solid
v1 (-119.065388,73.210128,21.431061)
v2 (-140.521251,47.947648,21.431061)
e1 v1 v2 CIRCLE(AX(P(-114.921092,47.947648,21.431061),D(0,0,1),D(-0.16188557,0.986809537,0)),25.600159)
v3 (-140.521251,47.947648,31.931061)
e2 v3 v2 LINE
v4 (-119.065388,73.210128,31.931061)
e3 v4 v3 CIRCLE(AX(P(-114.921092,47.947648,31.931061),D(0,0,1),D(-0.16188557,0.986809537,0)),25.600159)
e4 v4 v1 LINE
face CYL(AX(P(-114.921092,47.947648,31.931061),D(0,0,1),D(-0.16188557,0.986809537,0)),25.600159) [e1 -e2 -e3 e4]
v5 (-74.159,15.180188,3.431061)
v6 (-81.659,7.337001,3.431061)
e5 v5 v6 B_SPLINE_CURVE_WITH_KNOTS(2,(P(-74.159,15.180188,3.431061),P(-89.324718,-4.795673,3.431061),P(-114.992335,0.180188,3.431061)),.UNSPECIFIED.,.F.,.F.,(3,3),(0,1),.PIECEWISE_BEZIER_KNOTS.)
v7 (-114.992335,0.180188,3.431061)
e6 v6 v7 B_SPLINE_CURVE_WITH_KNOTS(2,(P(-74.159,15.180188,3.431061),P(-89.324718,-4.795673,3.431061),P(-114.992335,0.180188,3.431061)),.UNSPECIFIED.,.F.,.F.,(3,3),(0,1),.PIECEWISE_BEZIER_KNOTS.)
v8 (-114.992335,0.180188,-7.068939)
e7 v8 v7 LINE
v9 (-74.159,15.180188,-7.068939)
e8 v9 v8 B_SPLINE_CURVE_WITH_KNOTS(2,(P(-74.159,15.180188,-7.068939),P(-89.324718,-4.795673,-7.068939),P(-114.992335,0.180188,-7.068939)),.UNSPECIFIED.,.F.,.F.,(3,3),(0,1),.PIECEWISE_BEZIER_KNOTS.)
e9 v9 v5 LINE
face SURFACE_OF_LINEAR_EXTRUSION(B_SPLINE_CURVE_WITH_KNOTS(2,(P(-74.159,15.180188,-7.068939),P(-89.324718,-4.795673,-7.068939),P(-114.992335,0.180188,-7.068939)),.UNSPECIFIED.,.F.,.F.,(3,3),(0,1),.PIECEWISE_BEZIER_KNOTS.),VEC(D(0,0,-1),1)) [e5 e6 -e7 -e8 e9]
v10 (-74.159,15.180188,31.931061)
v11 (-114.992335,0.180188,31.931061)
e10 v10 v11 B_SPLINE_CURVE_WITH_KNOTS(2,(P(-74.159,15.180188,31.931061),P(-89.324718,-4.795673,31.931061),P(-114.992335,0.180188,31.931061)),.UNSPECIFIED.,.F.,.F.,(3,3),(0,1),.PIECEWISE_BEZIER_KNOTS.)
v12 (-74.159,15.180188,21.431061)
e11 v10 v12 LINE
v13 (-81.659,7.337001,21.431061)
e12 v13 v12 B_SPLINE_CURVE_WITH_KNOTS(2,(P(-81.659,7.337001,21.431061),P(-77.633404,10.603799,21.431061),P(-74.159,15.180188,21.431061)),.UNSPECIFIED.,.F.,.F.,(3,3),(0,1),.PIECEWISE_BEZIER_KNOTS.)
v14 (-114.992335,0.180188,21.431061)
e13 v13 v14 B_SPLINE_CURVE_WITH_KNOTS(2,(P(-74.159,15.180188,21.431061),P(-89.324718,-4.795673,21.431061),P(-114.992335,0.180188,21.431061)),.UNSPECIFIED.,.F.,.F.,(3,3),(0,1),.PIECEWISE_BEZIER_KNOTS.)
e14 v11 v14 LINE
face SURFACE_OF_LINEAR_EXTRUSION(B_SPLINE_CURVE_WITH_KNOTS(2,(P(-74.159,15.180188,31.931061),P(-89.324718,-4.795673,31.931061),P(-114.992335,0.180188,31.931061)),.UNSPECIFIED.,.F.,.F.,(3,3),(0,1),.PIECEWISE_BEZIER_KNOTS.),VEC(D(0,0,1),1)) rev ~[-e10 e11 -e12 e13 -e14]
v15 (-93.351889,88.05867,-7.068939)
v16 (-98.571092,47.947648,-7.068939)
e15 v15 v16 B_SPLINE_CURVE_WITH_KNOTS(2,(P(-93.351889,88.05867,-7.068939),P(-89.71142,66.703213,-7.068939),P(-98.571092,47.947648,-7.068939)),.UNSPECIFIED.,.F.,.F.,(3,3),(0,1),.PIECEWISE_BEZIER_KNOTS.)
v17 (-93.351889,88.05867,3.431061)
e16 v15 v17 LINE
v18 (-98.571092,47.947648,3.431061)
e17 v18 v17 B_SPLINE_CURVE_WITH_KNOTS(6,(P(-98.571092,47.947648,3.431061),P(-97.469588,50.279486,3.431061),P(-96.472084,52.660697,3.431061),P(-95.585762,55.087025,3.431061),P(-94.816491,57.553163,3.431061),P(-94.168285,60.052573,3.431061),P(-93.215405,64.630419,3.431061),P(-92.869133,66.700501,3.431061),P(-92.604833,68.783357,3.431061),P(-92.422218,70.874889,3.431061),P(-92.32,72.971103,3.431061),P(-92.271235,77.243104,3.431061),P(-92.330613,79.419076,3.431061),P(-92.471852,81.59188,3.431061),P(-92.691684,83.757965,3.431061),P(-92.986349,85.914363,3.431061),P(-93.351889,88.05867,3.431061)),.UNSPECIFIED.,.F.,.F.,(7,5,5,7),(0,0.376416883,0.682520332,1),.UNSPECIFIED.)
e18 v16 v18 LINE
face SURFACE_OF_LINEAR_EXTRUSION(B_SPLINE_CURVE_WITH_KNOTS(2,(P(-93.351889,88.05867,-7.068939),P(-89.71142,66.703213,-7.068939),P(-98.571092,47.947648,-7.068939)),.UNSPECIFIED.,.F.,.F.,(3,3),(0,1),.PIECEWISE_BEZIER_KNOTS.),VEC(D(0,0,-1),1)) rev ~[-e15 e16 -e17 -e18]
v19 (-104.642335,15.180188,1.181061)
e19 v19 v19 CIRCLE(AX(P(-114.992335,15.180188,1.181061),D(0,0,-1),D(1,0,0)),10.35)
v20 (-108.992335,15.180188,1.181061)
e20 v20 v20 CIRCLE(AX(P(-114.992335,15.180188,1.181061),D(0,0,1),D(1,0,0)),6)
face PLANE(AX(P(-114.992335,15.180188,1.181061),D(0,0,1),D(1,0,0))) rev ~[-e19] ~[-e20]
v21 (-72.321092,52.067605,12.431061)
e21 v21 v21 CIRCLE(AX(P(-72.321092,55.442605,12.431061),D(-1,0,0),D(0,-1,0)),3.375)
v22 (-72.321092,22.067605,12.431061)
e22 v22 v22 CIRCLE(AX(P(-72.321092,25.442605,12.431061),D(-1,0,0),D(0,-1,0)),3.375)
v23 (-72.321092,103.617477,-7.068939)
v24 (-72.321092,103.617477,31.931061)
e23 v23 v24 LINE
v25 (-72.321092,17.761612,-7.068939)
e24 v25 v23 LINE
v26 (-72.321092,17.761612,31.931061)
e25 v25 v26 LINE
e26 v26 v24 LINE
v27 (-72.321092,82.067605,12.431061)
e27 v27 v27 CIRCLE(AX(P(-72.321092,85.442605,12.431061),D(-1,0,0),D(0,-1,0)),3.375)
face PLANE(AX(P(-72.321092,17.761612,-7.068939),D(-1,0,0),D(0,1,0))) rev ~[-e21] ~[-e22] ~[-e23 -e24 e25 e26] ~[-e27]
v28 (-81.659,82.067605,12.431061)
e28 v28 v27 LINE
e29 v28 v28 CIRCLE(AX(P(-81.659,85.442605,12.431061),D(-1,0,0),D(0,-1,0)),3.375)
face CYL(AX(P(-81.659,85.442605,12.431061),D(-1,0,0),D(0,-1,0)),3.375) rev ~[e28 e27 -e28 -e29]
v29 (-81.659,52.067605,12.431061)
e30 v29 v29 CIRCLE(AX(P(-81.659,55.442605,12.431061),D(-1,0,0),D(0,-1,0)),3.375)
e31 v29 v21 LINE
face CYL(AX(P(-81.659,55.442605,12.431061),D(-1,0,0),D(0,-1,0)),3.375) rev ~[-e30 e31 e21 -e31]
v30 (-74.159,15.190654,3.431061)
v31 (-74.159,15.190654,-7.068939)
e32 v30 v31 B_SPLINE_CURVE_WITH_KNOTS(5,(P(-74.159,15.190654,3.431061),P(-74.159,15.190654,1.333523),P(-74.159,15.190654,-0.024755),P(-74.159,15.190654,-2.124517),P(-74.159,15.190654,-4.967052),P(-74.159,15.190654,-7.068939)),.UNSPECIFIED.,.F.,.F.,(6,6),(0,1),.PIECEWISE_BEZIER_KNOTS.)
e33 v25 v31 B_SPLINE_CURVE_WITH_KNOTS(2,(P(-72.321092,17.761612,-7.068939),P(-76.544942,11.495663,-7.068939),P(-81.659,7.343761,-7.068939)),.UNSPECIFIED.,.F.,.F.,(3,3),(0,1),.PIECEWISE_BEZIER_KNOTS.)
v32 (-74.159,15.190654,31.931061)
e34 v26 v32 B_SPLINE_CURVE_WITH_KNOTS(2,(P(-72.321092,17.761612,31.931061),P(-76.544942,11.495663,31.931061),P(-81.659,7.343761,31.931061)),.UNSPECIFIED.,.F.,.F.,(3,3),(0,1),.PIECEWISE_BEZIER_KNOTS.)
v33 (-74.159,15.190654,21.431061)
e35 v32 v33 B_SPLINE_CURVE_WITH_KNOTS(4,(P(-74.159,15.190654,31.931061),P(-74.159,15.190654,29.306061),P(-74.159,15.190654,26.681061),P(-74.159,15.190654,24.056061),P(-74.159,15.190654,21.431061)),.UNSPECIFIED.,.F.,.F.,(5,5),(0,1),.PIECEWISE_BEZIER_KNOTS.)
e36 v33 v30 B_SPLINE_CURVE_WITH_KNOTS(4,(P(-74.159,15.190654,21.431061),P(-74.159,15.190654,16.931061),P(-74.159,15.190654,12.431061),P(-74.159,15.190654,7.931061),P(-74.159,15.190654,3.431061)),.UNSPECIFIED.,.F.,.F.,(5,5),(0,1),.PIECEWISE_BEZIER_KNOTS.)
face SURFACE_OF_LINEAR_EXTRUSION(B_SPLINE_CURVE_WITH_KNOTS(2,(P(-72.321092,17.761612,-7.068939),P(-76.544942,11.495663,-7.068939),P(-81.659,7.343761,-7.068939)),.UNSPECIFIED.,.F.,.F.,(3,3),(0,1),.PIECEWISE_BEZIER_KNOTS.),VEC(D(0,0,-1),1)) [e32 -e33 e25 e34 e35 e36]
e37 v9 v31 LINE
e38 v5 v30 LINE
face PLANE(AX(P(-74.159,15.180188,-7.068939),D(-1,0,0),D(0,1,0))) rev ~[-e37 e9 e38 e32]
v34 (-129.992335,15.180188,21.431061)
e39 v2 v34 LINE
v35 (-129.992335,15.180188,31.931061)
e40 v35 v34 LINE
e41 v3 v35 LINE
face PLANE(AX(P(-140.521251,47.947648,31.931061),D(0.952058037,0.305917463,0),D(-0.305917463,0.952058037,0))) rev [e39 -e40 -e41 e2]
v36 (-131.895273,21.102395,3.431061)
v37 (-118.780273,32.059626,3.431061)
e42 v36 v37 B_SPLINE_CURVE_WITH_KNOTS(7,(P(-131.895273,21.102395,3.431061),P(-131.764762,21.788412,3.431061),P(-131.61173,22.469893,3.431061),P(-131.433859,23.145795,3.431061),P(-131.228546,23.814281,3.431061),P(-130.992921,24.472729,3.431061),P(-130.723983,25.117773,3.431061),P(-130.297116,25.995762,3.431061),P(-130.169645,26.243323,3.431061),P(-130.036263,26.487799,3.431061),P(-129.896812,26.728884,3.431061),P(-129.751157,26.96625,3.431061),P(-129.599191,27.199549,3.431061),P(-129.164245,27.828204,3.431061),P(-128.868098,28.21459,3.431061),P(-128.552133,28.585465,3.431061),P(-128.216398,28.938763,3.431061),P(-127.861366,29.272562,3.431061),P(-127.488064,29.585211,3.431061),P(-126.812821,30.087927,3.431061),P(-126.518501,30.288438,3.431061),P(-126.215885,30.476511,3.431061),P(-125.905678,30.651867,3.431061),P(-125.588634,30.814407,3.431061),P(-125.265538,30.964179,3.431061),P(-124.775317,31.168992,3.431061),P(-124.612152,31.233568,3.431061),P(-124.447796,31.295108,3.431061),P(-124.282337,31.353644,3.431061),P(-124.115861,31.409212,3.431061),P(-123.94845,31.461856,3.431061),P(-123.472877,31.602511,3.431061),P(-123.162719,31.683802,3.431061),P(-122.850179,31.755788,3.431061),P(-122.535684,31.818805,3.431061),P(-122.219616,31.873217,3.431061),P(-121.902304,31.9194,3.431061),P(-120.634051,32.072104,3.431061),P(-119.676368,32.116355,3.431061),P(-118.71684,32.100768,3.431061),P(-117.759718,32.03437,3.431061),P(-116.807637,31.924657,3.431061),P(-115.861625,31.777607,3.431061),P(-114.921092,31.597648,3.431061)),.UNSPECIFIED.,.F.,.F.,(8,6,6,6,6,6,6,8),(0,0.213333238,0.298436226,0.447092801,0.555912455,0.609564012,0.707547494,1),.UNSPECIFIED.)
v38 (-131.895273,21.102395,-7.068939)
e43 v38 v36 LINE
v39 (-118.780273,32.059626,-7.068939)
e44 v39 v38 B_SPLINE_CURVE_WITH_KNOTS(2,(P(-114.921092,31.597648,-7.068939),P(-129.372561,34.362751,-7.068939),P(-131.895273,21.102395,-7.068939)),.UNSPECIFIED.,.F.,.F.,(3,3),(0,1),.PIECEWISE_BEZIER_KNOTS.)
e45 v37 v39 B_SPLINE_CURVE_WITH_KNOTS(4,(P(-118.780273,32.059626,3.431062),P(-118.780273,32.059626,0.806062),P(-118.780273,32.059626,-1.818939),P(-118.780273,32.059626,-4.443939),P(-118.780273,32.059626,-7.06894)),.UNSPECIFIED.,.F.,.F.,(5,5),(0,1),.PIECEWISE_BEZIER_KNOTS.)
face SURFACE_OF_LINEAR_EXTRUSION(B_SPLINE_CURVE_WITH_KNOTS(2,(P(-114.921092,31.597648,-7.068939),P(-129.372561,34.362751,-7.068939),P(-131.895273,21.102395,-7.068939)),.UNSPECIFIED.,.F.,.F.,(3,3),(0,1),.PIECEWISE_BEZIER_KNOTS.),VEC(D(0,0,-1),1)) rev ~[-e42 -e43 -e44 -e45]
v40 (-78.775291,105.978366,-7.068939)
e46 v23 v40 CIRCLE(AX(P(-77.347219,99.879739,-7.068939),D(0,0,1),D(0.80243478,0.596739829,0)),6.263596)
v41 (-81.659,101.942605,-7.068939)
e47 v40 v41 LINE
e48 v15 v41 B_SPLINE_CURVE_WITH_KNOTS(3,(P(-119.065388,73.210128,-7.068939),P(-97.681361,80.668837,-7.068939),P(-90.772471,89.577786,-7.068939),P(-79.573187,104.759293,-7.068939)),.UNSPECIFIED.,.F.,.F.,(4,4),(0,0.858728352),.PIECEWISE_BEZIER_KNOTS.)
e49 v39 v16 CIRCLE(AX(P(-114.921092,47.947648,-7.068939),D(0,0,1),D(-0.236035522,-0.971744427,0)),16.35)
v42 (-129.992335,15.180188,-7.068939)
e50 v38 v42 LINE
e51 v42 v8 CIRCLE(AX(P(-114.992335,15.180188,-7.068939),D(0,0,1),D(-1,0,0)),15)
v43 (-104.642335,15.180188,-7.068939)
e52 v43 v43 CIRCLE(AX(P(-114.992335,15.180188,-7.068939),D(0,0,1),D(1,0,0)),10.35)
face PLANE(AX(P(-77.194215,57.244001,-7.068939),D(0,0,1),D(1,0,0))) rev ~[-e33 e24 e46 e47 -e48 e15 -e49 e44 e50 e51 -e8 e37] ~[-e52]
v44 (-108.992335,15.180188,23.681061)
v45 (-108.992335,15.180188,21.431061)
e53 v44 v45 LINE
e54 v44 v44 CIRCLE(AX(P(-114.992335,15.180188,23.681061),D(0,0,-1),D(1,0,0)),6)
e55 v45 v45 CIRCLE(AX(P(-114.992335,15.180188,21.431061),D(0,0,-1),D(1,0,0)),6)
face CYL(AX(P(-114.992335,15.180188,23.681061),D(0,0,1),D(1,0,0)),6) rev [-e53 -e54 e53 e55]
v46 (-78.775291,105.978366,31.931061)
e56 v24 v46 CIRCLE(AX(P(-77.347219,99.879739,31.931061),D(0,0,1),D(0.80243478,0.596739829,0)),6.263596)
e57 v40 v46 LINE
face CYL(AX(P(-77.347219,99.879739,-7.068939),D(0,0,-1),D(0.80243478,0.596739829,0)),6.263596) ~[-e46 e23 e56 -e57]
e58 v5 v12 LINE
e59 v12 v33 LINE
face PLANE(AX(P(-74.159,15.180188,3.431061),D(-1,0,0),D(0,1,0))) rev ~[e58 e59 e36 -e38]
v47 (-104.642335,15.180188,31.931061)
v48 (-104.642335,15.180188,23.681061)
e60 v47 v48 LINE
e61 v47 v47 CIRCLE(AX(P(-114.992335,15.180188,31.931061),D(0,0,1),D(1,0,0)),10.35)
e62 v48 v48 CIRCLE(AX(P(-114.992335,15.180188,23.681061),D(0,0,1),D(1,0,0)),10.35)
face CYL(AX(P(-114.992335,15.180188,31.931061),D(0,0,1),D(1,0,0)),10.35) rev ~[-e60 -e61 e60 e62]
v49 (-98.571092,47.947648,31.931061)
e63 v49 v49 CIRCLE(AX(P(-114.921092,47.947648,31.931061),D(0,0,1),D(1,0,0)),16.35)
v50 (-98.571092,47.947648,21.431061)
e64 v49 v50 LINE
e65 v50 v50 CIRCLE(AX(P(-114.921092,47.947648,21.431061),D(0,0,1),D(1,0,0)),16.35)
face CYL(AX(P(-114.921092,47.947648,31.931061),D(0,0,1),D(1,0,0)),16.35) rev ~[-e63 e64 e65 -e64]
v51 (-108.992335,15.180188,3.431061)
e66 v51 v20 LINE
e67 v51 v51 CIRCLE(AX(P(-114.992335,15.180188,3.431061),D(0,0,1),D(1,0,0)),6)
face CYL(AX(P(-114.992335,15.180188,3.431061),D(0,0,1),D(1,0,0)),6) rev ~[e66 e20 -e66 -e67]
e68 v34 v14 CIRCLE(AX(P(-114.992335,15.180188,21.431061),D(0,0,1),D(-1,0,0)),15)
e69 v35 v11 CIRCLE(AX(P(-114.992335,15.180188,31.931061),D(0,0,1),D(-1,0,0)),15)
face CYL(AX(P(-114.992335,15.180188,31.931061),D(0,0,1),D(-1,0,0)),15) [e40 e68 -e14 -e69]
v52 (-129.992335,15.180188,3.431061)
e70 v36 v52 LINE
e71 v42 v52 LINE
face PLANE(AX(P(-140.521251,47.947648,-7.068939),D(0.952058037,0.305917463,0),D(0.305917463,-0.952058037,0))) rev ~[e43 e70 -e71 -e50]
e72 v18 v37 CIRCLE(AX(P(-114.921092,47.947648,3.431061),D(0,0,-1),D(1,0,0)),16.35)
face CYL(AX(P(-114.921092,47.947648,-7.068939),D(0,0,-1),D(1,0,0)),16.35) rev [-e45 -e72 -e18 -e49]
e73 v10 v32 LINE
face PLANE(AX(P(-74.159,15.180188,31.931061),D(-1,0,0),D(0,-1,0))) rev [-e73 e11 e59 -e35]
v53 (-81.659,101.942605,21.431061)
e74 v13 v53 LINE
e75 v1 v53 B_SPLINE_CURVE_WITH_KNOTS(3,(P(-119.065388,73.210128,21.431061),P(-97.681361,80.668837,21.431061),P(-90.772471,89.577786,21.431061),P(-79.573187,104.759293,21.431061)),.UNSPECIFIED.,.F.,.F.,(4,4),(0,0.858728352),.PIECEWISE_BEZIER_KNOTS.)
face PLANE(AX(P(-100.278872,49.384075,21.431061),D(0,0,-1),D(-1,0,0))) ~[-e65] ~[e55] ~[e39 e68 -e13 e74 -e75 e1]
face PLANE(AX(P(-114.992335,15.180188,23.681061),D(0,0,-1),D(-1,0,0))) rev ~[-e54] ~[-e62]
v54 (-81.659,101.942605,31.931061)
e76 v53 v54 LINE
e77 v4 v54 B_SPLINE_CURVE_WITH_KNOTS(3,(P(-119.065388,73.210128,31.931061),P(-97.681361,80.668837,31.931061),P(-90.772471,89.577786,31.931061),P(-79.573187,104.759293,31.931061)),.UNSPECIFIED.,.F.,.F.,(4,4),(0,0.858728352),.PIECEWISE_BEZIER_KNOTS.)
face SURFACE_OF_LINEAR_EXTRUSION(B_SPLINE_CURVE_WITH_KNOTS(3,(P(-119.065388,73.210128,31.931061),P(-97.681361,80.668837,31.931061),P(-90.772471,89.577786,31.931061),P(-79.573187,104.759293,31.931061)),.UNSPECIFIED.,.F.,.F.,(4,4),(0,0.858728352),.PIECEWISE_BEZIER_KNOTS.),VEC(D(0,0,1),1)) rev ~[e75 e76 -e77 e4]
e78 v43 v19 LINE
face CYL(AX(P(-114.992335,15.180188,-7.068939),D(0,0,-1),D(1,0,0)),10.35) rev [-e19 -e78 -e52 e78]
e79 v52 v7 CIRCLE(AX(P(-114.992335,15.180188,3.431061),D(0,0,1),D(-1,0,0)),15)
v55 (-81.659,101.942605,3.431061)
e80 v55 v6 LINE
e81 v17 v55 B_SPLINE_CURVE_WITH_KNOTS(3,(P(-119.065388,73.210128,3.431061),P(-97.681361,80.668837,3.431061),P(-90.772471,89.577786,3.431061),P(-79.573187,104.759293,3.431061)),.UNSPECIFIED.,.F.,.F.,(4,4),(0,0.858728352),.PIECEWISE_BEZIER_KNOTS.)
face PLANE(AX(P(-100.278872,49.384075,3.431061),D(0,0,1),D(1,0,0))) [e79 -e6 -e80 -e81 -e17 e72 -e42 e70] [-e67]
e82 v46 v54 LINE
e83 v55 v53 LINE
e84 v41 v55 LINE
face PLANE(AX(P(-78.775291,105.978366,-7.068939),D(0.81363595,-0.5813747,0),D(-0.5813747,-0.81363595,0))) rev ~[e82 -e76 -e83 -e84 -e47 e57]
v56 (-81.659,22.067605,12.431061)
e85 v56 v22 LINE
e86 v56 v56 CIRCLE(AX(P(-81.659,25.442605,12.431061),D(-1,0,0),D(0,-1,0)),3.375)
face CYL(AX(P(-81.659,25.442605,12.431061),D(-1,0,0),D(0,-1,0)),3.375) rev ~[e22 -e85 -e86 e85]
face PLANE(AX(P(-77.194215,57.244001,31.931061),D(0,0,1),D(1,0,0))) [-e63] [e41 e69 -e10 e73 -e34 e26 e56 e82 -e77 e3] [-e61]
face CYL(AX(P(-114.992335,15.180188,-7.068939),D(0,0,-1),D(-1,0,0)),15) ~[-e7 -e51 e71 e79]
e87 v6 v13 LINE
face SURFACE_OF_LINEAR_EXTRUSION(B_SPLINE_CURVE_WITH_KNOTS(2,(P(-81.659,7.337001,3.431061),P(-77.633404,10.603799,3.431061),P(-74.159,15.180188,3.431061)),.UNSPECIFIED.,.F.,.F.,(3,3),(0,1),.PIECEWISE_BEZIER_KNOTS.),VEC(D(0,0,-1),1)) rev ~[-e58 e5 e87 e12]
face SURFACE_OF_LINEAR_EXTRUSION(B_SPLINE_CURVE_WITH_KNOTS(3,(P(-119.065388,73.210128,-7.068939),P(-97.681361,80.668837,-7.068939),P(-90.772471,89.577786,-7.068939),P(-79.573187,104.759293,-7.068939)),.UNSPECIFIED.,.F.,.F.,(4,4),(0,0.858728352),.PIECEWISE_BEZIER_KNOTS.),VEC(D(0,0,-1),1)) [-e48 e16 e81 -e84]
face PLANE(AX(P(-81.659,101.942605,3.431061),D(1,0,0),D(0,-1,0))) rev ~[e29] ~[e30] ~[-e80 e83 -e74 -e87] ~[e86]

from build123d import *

# Parameters (mm, degrees)
SKETCH1_R           = 6.9
SKETCH1_R_2         = 10.9
BOSS_EXTRUDE1_DEPTH = 7
BOSS_EXTRUDE2_DEPTH = 12
CUT_EXTRUDE1_DEPTH  = 13
BOSS_EXTRUDE3_DEPTH = 26
SKETCH5_R           = 7.973914392
SKETCH5_R_2         = 4
BOSS_EXTRUDE4_DEPTH = 1.5
BOSS_EXTRUDE5_START = -1.5
SKETCH6_R           = 8.491099949
SKETCH6_R_2         = 4
BOSS_EXTRUDE5_DEPTH = 1.5
SKETCH7_R           = 2.25
CUT_EXTRUDE2_DEPTH  = 99.438905233
SCALE1_SCALE        = 1.5


with BuildPart() as part:
    # Sketch1 → Boss-Extrude1 (new body)
    with BuildSketch(Plane.XY):
        with BuildLine():
            ThreePointArc((-109.99286225, 64.498694041), (-120.238224228, 58.705152002), (-124.296770504, 47.657040238))
            Line((-124.296770504, 47.657040238), (-117.277493754, 25.812066819))
            ThreePointArc((-117.277493754, 25.812066819), (-114.348561566, 18.740999007), (-107.277493754, 15.812066819))
            add(Edge.make_bspline(
                [(-80.055270229, 25.812066819), (-90.16574855, 12.494826539), (-107.277493754, 15.812066819)],
                knots=[0, 0, 0, 1, 1, 1], degree=2))
            Line((-80.055270229, 25.812066819), (-80.055270229, 84.34418562))
            ThreePointArc((-80.055270229, 84.34418562), (-81.43033647, 86.24404293), (-83.664728026, 85.531470589))
            add(Edge.make_bspline(
                [(-109.99286225, 64.498694041), (-95.736844246, 69.471166394), (-91.130917767, 75.410465429), (-83.664728026, 85.531470589)],
                knots=[0, 0, 0, 0, 0.858728352, 0.858728352, 0.858728352, 0.858728352], degree=3))
        make_face()
        with Locations((-107.277493754, 25.812066819)):
            Circle(SKETCH1_R, mode=Mode.SUBTRACT)
        with Locations((-107.22999807, 47.657040238)):
            Circle(SKETCH1_R_2, mode=Mode.SUBTRACT)
    boss_extrude1 = extrude(amount=BOSS_EXTRUDE1_DEPTH)

    # Sketch2 → Boss-Extrude2 (add)
    with BuildSketch(Plane.XY.offset(7)):
        with BuildLine():
            Line((-85.055270217, 83.653678118), (-85.055270217, 20.583275514))
            add(Edge.make_bspline(
                [(-85.055270217, 20.583275514), (-82.371539661, 22.76114127), (-80.055270217, 25.812066834)],
                knots=[0, 0, 0, 1, 1, 1], degree=2))
            Line((-80.055270217, 25.812066834), (-80.055270229, 84.34418562))
            ThreePointArc((-80.055270229, 84.34418562), (-81.43033647, 86.24404293), (-83.664728026, 85.531470589))
            add(Edge.make_bspline(
                [(-83.664728026, 85.531470589), (-84.138702239, 84.888961408), (-84.601149423, 84.263304749), (-85.055270217, 83.653678118)],
                knots=[0, 0, 0, 0, 0.054514432, 0.054514432, 0.054514432, 0.054514432], degree=3))
        make_face()
    extrude(amount=BOSS_EXTRUDE2_DEPTH)

    # Mirror1: Boss-Extrude1 across plane
    add(boss_extrude1.mirror(Plane.XY.offset(13)))

    # Sketch3 → Cut-Extrude1 (cut)
    with BuildSketch(Plane(origin=(0, 0, 0), x_dir=(-1, 0, 0), z_dir=(0, 0, -1))):
        with BuildLine():
            Line((92.850529653, 74.397721592), (144.531216933, 88.865819457))
            Line((144.531216933, 88.865819457), (118.546118501, 29.760204905))
            add(Edge.make_bspline(
                [(107.22999807, 36.757040238), (116.864311021, 38.600442381), (118.546118501, 29.760204905)],
                knots=[0, 0, 0, 1, 1, 1], degree=2))
            ThreePointArc((107.22999807, 36.757040238), (99.522534155, 39.949576323), (96.32999807, 47.657040238))
            add(Edge.make_bspline(
                [(92.850529653, 74.397721592), (90.423550402, 60.160750292), (96.32999807, 47.657040238)],
                knots=[0, 0, 0, 1, 1, 1], degree=2))
        make_face()
    extrude(amount=-CUT_EXTRUDE1_DEPTH, mode=Mode.SUBTRACT)

    # Sketch4 → Boss-Extrude3 (add)
    with BuildSketch(Plane(origin=(0, 0, 0), x_dir=(-1, 0, 0), z_dir=(0, 0, -1))):
        with BuildLine():
            Line((83.132797407, 86.34418562), (85.055270217, 83.653678118))
            Line((85.055270217, 83.653678118), (85.055270214, 20.587782524))
            add(Edge.make_bspline(
                [(78.82999807, 27.533016311), (81.645897876, 23.355716893), (85.055270214, 20.587782524)],
                knots=[0, 0, 0, 1, 1, 1], degree=2))
            Line((78.82999807, 27.533016311), (78.82999807, 84.770259389))
            ThreePointArc((78.82999807, 84.770259389), (80.746261593, 86.200037671), (83.132797407, 86.34418562))
        make_face()
    extrude(amount=-BOSS_EXTRUDE3_DEPTH)

    # Sketch5 → Boss-Extrude4 (add)
    with BuildSketch(Plane.XY.offset(7)):
        with Locations((-107.277493754, 25.812066819)):
            Circle(SKETCH5_R)
        with Locations((-107.277493754, 25.812066819)):
            Circle(SKETCH5_R_2, mode=Mode.SUBTRACT)
    extrude(amount=-BOSS_EXTRUDE4_DEPTH)

    # Sketch6 → Boss-Extrude5 (add)
    with BuildSketch(Plane(origin=(0, 0, 19), x_dir=(-1, 0, 0), z_dir=(0, 0, -1)).offset(BOSS_EXTRUDE5_START)):
        with Locations((107.277493754, 25.812066819)):
            Circle(SKETCH6_R)
        with Locations(Location((107.277493754, 25.812066819, 0), (0, 0, 180))):
            Circle(SKETCH6_R_2, mode=Mode.SUBTRACT)
    extrude(amount=BOSS_EXTRUDE5_DEPTH)

    # Sketch7 → Cut-Extrude2 (cut, through all)
    with BuildSketch(Plane.ZY.offset(85.055270217)):
        with Locations(Location((13, 32.653678118, 0), (0, 0, 270))):
            Circle(SKETCH7_R)
        with Locations(Location((13, 52.653678118, 0), (0, 0, 270))):
            Circle(SKETCH7_R)
        with Locations(Location((13, 72.653678118, 0), (0, 0, 270))):
            Circle(SKETCH7_R)
    extrude(amount=-CUT_EXTRUDE2_DEPTH, mode=Mode.SUBTRACT)


with BuildPart() as part_1:
    # Scale1: scaled about (-91.847810328, 47.075825155, 14.137877649)
    add(part.part.scale(SCALE1_SCALE).moved(Location((45.923905164, -23.537912577, -7.068938824))))


solid = part_1.part
